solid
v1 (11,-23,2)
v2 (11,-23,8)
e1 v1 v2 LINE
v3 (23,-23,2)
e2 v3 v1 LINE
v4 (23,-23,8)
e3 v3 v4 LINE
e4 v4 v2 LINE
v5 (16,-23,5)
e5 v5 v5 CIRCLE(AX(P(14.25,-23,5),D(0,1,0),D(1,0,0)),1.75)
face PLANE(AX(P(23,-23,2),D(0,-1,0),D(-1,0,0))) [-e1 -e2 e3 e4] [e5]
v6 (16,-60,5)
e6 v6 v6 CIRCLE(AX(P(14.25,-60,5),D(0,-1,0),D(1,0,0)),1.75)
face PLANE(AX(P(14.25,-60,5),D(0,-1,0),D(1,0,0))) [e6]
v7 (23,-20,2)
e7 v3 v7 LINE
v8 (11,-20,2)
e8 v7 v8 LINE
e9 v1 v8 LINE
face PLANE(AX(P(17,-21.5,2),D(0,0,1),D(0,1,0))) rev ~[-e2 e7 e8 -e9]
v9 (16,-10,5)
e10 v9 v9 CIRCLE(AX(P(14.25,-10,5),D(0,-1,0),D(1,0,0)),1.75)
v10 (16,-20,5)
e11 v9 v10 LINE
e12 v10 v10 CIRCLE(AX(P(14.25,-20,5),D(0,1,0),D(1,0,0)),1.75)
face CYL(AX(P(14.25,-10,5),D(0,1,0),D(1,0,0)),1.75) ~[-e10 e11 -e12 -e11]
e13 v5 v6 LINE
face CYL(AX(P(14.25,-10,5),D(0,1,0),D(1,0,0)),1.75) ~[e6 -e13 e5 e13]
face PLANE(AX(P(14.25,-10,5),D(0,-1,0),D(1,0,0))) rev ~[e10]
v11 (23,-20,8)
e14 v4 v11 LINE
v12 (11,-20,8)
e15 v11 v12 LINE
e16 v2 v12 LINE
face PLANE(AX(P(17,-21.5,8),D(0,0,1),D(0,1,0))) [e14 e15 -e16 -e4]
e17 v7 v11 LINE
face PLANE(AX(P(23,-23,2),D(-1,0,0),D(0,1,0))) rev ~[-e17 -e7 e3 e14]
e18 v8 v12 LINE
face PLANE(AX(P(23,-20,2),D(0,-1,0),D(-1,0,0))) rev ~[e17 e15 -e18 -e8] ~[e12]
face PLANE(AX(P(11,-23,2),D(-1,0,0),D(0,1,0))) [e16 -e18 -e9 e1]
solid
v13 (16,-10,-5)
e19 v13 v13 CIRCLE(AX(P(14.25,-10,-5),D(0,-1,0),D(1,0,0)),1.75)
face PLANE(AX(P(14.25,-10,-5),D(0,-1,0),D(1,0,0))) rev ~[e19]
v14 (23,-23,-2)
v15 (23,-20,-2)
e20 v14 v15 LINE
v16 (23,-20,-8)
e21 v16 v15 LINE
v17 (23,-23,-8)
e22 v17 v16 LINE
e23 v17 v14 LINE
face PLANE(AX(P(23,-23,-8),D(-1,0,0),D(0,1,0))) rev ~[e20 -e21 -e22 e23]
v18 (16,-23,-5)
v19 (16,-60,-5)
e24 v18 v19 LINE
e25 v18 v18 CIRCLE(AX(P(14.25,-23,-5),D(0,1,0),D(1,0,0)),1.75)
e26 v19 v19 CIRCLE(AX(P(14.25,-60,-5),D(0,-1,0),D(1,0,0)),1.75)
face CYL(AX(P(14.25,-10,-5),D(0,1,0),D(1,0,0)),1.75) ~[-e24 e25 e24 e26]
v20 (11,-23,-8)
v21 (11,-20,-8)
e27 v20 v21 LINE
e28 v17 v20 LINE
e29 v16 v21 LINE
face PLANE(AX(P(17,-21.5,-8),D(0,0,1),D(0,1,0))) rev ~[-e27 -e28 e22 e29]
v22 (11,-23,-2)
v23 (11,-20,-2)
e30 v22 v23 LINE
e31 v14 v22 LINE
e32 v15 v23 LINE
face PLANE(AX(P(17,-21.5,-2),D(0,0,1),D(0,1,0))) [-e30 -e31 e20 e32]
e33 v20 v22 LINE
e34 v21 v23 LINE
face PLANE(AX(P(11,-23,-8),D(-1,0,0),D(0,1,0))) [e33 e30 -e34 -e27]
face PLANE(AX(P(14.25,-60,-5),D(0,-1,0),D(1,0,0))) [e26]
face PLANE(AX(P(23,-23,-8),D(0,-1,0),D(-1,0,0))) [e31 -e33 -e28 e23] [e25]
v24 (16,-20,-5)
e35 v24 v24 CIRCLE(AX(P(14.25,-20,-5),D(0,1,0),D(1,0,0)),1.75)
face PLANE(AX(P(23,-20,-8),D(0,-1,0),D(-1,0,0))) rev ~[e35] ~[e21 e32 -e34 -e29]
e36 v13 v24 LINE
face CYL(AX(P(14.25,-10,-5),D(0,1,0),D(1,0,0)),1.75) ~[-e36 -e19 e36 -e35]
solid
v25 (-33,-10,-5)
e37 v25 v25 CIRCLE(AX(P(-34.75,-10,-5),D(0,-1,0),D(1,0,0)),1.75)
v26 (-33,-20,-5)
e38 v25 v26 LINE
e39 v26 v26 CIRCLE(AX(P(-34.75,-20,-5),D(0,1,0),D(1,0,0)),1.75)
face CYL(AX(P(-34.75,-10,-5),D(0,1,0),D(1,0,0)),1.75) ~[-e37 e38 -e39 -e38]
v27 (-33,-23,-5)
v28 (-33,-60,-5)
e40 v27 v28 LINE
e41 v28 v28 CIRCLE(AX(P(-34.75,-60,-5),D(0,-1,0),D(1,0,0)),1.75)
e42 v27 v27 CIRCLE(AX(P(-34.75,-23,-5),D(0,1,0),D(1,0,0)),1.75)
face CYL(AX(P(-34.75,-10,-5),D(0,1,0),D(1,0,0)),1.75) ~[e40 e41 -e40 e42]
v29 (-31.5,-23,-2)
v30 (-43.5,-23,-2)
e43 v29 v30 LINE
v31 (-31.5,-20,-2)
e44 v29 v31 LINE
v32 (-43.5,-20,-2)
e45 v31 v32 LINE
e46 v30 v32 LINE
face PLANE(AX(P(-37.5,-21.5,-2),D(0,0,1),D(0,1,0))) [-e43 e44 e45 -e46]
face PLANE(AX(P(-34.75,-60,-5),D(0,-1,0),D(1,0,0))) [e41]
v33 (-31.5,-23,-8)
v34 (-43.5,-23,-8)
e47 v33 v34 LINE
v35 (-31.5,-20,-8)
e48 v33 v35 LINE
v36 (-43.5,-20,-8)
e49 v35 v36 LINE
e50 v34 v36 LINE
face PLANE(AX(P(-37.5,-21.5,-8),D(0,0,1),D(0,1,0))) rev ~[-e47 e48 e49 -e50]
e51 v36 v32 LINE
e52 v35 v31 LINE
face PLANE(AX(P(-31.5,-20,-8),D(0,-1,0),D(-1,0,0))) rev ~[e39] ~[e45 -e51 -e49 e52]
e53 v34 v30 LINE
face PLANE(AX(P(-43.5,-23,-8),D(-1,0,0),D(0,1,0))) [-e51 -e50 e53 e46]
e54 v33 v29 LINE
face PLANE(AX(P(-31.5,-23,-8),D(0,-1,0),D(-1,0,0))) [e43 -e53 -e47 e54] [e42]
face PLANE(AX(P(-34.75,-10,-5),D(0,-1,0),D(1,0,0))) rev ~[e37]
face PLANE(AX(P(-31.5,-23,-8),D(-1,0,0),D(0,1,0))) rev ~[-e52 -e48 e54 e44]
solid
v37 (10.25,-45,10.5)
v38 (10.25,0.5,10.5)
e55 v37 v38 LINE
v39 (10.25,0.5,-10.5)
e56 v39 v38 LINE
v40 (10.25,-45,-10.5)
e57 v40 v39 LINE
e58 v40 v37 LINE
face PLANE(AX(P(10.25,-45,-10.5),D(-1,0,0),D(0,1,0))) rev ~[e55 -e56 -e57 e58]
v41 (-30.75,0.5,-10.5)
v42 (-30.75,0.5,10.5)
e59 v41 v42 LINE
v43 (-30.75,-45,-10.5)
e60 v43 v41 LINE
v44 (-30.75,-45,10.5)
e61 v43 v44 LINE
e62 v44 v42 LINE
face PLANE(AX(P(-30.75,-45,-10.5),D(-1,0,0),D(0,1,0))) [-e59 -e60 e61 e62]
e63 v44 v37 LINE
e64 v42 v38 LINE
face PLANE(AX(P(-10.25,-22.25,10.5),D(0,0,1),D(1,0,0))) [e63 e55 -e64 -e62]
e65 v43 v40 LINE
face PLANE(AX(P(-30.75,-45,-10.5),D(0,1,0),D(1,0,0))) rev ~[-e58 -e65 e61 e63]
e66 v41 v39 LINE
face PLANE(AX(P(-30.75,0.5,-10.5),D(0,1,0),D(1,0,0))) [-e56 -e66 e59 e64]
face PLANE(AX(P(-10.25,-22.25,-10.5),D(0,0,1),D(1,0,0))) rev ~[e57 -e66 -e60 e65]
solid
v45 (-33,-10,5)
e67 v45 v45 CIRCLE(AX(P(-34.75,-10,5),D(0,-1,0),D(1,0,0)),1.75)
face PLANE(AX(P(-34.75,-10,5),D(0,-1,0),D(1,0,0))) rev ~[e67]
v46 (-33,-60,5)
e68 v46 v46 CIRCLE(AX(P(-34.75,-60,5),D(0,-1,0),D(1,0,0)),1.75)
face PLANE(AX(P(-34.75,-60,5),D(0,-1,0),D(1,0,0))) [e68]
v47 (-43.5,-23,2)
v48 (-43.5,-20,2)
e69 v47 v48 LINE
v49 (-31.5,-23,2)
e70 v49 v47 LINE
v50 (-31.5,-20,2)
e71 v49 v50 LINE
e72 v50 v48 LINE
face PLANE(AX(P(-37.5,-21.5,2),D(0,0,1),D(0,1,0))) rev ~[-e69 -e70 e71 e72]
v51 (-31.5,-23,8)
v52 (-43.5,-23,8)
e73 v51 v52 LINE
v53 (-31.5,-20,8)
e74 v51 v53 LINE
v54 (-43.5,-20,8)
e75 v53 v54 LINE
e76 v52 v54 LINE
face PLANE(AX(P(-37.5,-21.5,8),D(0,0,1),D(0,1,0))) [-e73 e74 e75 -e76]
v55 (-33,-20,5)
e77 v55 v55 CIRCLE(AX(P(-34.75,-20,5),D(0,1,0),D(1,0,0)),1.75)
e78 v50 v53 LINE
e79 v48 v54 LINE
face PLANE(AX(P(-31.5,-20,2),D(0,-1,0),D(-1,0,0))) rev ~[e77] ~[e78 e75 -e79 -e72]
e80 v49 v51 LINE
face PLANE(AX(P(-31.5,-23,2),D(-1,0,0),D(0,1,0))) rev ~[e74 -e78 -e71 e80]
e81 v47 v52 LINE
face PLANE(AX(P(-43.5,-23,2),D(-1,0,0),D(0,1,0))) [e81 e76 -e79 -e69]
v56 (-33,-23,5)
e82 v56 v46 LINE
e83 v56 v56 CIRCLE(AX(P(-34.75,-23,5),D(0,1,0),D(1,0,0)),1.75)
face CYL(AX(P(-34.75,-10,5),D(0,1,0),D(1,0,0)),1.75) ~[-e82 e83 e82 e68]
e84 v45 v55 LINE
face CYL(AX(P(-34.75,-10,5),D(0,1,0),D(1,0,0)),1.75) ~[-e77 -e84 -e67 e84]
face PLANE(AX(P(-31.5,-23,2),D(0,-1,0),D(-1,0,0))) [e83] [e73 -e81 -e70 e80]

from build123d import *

# Parameters (mm, degrees)
CYLINDER009_R          = 1.75
CYLINDER009_DEPTH      = 50
CYLINDER009_ROLL_ANGLE = 90
CYLINDER007_R          = 1.75
CYLINDER007_DEPTH      = 50
CYLINDER007_ROLL_ANGLE = 90
CYLINDER006_R          = 1.75
CYLINDER006_DEPTH      = 50
CYLINDER006_ROLL_ANGLE = 90
CYLINDER008_R          = 1.75
CYLINDER008_DEPTH      = 50
CYLINDER008_ROLL_ANGLE = 90
BOX012_W               = 3
BOX012_H               = 12
BOX012_DEPTH           = 6
BOX012_PLACEMENT_ANGLE = 90
BOX010_W               = 3
BOX010_H               = 12
BOX010_DEPTH           = 6
BOX010_PLACEMENT_ANGLE = 90
BOX009_W               = 3
BOX009_H               = 12
BOX009_DEPTH           = 6
BOX009_PLACEMENT_ANGLE = 90
BOX011_W               = 3
BOX011_H               = 12
BOX011_DEPTH           = 6
BOX011_PLACEMENT_ANGLE = 90
BOX004_W               = 41
BOX004_H               = 45.5
BOX004_DEPTH           = 21


with BuildPart() as cilindro009:
    # Cylinder009 → Cylinder009 (new body)
    with BuildSketch(Plane.XY):
        Circle(CYLINDER009_R)
    extrude(amount=CYLINDER009_DEPTH)


with BuildPart() as cilindro009_1:
    # Cylinder009 roll: moved
    add(cilindro009.part.rotate(Axis((0, 0, 0), (1, 0, 0)), CYLINDER009_ROLL_ANGLE))


with BuildPart() as cilindro009_2:
    # Cylinder009 placement: moved
    add(cilindro009_1.part.moved(Location((14.25, 0, 17))))


with BuildPart() as cilindro007:
    # Cylinder007 → Cylinder007 (new body)
    with BuildSketch(Plane.XY):
        Circle(CYLINDER007_R)
    extrude(amount=CYLINDER007_DEPTH)


with BuildPart() as cilindro007_1:
    # Cylinder007 roll: moved
    add(cilindro007.part.rotate(Axis((0, 0, 0), (1, 0, 0)), CYLINDER007_ROLL_ANGLE))


with BuildPart() as cilindro007_2:
    # Cylinder007 placement: moved
    add(cilindro007_1.part.moved(Location((14.25, 0, 7))))


with BuildPart() as cilindro006:
    # Cylinder006 → Cylinder006 (new body)
    with BuildSketch(Plane.XY):
        Circle(CYLINDER006_R)
    extrude(amount=CYLINDER006_DEPTH)


with BuildPart() as cilindro006_1:
    # Cylinder006 roll: moved
    add(cilindro006.part.rotate(Axis((0, 0, 0), (1, 0, 0)), CYLINDER006_ROLL_ANGLE))


with BuildPart() as cilindro006_2:
    # Cylinder006 placement: moved
    add(cilindro006_1.part.moved(Location((-34.75, 0, 7))))


with BuildPart() as fusion003:
    # Cylinder008 → Cylinder008 (new body)
    with BuildSketch(Plane.XY):
        Circle(CYLINDER008_R)
    extrude(amount=CYLINDER008_DEPTH)


with BuildPart() as fusion003_1:
    # Cylinder008 roll: moved
    add(fusion003.part.rotate(Axis((0, 0, 0), (1, 0, 0)), CYLINDER008_ROLL_ANGLE))


with BuildPart() as fusion003_2:
    # Cylinder008 placement: moved
    add(fusion003_1.part.moved(Location((-34.75, 0, 17))))

    # Fusion003: union Cilindro009, Cilindro007, Cilindro006
    add(cilindro009_2.part)
    add(cilindro007_2.part)
    add(cilindro006_2.part)


with BuildPart() as fusion003_3:
    # Fusion003 placement: moved
    add(fusion003_2.part.moved(Location((0, -10, -12))))


with BuildPart() as cube010:
    # Box012 → Box012 (new body)
    with BuildSketch(Plane.XY):
        with Locations((1.5, 6)):
            Rectangle(BOX012_W, BOX012_H)
    extrude(amount=BOX012_DEPTH)


with BuildPart() as cube010_1:
    # Box012 placement: moved
    add(cube010.part.moved(Location((-31.5, -20, -8))).rotate(Axis((-31.5, -20, -8), (0, 0, 1)), BOX012_PLACEMENT_ANGLE))


with BuildPart() as cube008:
    # Box010 → Box010 (new body)
    with BuildSketch(Plane.XY):
        with Locations((1.5, 6)):
            Rectangle(BOX010_W, BOX010_H)
    extrude(amount=BOX010_DEPTH)


with BuildPart() as cube008_1:
    # Box010 placement: moved
    add(cube008.part.moved(Location((23, -20, 2))).rotate(Axis((23, -20, 2), (0, 0, 1)), BOX010_PLACEMENT_ANGLE))


with BuildPart() as cube007:
    # Box009 → Box009 (new body)
    with BuildSketch(Plane.XY):
        with Locations((1.5, 6)):
            Rectangle(BOX009_W, BOX009_H)
    extrude(amount=BOX009_DEPTH)


with BuildPart() as cube007_1:
    # Box009 placement: moved
    add(cube007.part.moved(Location((23, -20, -8))).rotate(Axis((23, -20, -8), (0, 0, 1)), BOX009_PLACEMENT_ANGLE))


with BuildPart() as nuts_room:
    # Box011 → Box011 (new body)
    with BuildSketch(Plane.XY):
        with Locations((1.5, 6)):
            Rectangle(BOX011_W, BOX011_H)
    extrude(amount=BOX011_DEPTH)


with BuildPart() as nuts_room_1:
    # Box011 placement: moved
    add(nuts_room.part.moved(Location((-31.5, -20, 2))).rotate(Axis((-31.5, -20, 2), (0, 0, 1)), BOX011_PLACEMENT_ANGLE))

    # Fusion009: union Cube010, Cube008, Cube007
    add(cube010_1.part)
    add(cube008_1.part)
    add(cube007_1.part)


with BuildPart() as nuts_room_2:
    # Fusion009 placement: moved
    add(nuts_room_1.part.moved(Location((0, -3, 0))))


with BuildPart() as fusion010:
    # Box004 → Box004 (new body)
    with BuildSketch(Plane(origin=(-30.75, -45, -10.5), x_dir=(1, 0, 0), z_dir=(0, 0, 1))):
        with Locations((20.5, 22.75)):
            Rectangle(BOX004_W, BOX004_H)
    extrude(amount=BOX004_DEPTH)

    # Fusion010: union Fusion003, nuts_room
    add(fusion003_3.part)
    add(nuts_room_2.part)


solid = fusion010.part
